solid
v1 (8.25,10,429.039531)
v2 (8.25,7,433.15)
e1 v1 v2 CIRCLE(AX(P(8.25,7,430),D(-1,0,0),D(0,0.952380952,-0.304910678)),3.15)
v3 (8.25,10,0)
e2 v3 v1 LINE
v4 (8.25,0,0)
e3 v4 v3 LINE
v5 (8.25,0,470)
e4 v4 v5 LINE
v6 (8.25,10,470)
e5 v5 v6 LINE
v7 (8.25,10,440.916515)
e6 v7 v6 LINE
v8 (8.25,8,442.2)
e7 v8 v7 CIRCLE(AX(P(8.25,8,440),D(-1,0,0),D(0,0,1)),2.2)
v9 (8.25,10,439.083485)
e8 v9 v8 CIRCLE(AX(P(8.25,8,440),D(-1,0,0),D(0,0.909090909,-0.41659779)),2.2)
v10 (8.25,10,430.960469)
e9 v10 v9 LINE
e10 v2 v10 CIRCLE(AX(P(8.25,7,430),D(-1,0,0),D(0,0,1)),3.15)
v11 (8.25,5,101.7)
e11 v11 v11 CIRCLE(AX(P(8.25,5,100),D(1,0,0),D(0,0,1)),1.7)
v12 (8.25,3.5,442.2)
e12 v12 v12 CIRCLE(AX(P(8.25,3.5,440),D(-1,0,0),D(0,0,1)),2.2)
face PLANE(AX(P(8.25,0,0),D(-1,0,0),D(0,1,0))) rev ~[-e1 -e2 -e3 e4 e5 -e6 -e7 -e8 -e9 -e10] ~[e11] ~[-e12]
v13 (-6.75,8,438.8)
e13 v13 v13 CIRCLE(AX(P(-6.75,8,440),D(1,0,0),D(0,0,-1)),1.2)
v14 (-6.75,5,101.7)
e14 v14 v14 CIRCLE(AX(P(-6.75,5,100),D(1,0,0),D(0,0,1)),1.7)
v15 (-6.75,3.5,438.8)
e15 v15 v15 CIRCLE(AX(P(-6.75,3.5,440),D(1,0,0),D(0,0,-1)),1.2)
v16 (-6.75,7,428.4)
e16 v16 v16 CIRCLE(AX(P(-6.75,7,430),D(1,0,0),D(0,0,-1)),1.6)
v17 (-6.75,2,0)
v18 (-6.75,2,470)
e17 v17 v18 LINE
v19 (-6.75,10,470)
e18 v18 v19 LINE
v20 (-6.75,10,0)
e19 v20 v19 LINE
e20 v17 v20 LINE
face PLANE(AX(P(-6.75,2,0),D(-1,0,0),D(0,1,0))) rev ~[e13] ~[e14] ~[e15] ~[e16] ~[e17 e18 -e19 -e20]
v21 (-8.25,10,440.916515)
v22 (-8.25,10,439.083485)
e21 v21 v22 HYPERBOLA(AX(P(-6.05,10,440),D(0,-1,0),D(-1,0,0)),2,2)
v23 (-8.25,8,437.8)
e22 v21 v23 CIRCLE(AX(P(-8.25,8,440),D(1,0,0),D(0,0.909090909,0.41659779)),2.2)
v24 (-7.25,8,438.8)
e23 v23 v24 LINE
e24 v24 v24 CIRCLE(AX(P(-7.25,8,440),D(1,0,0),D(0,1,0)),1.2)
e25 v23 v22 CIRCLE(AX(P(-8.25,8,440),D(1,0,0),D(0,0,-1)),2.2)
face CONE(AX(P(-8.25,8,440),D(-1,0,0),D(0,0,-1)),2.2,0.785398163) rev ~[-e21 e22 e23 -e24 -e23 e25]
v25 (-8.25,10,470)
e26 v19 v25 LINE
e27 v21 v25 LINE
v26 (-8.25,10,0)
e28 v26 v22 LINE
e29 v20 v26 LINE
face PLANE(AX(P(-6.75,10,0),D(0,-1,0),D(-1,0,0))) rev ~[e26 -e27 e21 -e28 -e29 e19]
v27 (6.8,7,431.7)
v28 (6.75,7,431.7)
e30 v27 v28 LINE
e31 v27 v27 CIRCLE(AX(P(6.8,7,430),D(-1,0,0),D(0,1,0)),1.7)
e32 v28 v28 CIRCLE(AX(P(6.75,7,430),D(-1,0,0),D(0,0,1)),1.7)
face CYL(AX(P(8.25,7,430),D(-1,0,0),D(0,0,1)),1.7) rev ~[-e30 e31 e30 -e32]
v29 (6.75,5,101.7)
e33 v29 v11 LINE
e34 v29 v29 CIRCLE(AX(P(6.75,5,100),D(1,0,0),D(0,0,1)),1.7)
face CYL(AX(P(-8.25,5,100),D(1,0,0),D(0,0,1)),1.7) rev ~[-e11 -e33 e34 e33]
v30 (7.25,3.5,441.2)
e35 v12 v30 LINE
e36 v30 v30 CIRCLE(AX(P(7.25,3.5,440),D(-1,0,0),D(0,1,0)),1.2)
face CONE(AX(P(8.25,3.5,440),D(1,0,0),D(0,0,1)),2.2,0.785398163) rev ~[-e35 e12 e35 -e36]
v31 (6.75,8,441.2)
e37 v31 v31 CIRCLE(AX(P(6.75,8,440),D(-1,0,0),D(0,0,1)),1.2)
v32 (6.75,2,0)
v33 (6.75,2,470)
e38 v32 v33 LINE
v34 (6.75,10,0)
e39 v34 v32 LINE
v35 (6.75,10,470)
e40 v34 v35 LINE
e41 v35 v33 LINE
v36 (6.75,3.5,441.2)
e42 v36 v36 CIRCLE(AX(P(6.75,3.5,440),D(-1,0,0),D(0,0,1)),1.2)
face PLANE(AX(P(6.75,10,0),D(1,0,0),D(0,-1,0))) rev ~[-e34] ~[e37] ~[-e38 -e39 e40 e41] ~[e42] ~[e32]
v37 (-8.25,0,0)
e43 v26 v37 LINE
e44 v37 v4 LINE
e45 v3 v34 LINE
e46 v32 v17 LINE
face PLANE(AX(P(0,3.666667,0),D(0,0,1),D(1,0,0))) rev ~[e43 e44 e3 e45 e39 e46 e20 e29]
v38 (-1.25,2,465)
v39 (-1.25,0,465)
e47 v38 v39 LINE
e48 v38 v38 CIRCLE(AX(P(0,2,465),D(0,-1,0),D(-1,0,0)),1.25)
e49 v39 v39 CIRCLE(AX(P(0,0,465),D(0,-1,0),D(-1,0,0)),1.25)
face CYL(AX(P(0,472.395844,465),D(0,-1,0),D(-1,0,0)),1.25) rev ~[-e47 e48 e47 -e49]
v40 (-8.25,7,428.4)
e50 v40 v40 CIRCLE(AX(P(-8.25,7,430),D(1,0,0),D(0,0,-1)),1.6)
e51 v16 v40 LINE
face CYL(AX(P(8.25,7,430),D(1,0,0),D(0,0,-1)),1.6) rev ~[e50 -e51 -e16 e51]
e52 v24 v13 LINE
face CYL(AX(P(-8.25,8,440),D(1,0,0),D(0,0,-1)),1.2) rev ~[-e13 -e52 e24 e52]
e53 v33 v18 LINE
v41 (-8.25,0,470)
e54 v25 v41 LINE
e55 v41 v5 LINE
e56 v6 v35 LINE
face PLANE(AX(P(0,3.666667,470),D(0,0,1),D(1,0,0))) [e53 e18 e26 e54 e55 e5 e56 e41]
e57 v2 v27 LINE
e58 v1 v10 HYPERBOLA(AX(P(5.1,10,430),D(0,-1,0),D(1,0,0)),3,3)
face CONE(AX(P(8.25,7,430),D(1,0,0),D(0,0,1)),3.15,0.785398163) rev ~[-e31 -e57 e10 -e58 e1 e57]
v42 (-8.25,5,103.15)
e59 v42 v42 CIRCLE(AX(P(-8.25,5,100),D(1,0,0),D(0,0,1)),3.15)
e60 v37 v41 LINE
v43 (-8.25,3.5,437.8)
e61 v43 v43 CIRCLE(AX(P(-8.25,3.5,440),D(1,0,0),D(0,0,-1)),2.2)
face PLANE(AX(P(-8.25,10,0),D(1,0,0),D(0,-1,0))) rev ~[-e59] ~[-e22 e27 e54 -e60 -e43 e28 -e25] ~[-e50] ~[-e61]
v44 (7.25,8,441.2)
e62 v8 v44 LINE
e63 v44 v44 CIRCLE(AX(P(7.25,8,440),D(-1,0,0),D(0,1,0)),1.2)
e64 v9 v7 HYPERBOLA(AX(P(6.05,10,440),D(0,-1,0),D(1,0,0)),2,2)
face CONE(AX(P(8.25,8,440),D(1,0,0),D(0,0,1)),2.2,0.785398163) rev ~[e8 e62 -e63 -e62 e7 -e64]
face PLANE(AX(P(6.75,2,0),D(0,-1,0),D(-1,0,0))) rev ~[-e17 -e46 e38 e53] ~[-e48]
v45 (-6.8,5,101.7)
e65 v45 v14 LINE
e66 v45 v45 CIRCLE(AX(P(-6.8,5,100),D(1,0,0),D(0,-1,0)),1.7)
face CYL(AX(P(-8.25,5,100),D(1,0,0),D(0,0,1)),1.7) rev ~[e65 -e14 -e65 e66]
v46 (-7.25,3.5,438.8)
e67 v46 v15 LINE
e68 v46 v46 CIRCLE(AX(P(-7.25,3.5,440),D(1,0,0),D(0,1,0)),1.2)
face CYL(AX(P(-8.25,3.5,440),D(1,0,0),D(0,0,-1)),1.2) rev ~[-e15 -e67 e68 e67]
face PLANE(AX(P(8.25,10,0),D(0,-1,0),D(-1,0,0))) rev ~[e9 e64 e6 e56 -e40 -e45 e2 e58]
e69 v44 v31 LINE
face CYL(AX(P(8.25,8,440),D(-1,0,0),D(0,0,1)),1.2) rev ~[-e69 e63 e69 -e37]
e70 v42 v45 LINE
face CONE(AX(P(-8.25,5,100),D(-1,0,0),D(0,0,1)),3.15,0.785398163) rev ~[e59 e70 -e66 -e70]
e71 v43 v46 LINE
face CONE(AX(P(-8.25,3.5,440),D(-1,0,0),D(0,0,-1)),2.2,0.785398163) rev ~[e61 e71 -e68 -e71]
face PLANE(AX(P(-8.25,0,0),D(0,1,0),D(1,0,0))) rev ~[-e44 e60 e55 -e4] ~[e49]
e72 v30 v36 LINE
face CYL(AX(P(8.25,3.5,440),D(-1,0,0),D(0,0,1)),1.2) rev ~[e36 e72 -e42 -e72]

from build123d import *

# Parameters (mm, degrees)
BOSS_EXTRU_1_DEPTH                                   = 470
ESQUISSE2_R                                          = 1.15
ESQUISSE2_R_2                                        = 1.6
ENL_V_MAT_EXTRU_1_DEPTH                              = 471.395843944
TROU_POUR_TARAUDAGE_POUR_TROU_TARAUD_M3_D            = 2.5
FORMSENKUNG_F_R_M2_SENKSCHRAUBE_MIT_SCHL_D           = 2.4
FORMSENKUNG_F_R_M2_SENKSCHRAUBE_MIT_SCHL_DEPTH       = 5
FORMSENKUNG_F_R_M2_SENKSCHRAUBE_MIT_SCHL_CSINK_D     = 4.4
FORMSENKUNG_F_R_M2_SENKSCHRAUBE_MIT_SCHL_CSINK_ANGLE = 90
FORMSENKUNG_F_R_M2_SENKSCHRAUBE_MIT_SCHL_TIP         = 0.721032743
FORMSENKUNG_F_R_M2_SENKSCHRAUBE_MIT_2_D              = 2.4
FORMSENKUNG_F_R_M2_SENKSCHRAUBE_MIT_2_DEPTH          = 5
FORMSENKUNG_F_R_M2_SENKSCHRAUBE_MIT_2_CSINK_D        = 4.4
FORMSENKUNG_F_R_M2_SENKSCHRAUBE_MIT_2_CSINK_ANGLE    = 90
FORMSENKUNG_F_R_M2_SENKSCHRAUBE_MIT_2_TIP            = 0.721032743
FORMSENKUNG_F_R_M3_SENKSCHRAUBE_MIT_SCHL_D           = 3.4
FORMSENKUNG_F_R_M3_SENKSCHRAUBE_MIT_SCHL_DEPTH       = 5
FORMSENKUNG_F_R_M3_SENKSCHRAUBE_MIT_SCHL_CSINK_D     = 6.3
FORMSENKUNG_F_R_M3_SENKSCHRAUBE_MIT_SCHL_CSINK_ANGLE = 90
FORMSENKUNG_F_R_M3_SENKSCHRAUBE_MIT_SCHL_TIP         = 1.021463052
FORMSENKUNG_F_R_M3_SENKSCHRAUBE_MIT_2_D              = 3.4
FORMSENKUNG_F_R_M3_SENKSCHRAUBE_MIT_2_CSINK_D        = 6.3
FORMSENKUNG_F_R_M3_SENKSCHRAUBE_MIT_2_CSINK_ANGLE    = 90


with BuildPart() as part:
    # Esquisse1 → Boss.-Extru.1 (new body)
    with BuildSketch(Plane.XY):
        Polygon((-8.25, 0), (8.25, 0), (8.25, 10), (6.75, 10), (6.75, 2), (-6.75, 2), (-6.75, 10), (-8.25, 10), align=None)
    extrude(amount=BOSS_EXTRU_1_DEPTH)

    # Esquisse2 → Enlèv. mat.-Extru.1 (cut, through all)
    with BuildSketch(Plane(origin=(8.25, 0, 0), x_dir=(0, 0, -1), z_dir=(1, 0, 0))):
        with Locations((-440, 8)):
            Circle(ESQUISSE2_R)
        with Locations((-440, 3.5)):
            Circle(ESQUISSE2_R)
        with Locations((-430, 7)):
            Circle(ESQUISSE2_R_2)
    extrude(amount=-ENL_V_MAT_EXTRU_1_DEPTH, mode=Mode.SUBTRACT)

    # Trou pour taraudage pour trou taraudé M31 (through all)
    with Locations(Plane(origin=(0, 2, 0), x_dir=(1, 0, 0), z_dir=(0, 1, 0))):
        with Locations((0, -465)):
            Hole(TROU_POUR_TARAUDAGE_POUR_TROU_TARAUD_M3_D / 2)

    # Formsenkung f_r M2 Senkschraube mit Schl
    with Locations(Plane(origin=(8.25, 0, 0), x_dir=(0, 0, -1), z_dir=(1, 0, 0))):
        with Locations((-440, 3.5), (-440, 8)):
            CounterSinkHole(FORMSENKUNG_F_R_M2_SENKSCHRAUBE_MIT_SCHL_D / 2, FORMSENKUNG_F_R_M2_SENKSCHRAUBE_MIT_SCHL_CSINK_D / 2, depth=FORMSENKUNG_F_R_M2_SENKSCHRAUBE_MIT_SCHL_DEPTH, counter_sink_angle=FORMSENKUNG_F_R_M2_SENKSCHRAUBE_MIT_SCHL_CSINK_ANGLE)
            with Locations((0, 0, -(FORMSENKUNG_F_R_M2_SENKSCHRAUBE_MIT_SCHL_DEPTH + FORMSENKUNG_F_R_M2_SENKSCHRAUBE_MIT_SCHL_TIP / 2))):  # 118° drill point
                Cone(0, FORMSENKUNG_F_R_M2_SENKSCHRAUBE_MIT_SCHL_D / 2, FORMSENKUNG_F_R_M2_SENKSCHRAUBE_MIT_SCHL_TIP, mode=Mode.SUBTRACT)

    # Formsenkung f_r M2 Senkschraube mit  2
    with Locations(Plane.ZY.offset(8.25)):
        with Locations((440, 8), (440, 3.5)):
            CounterSinkHole(FORMSENKUNG_F_R_M2_SENKSCHRAUBE_MIT_2_D / 2, FORMSENKUNG_F_R_M2_SENKSCHRAUBE_MIT_2_CSINK_D / 2, depth=FORMSENKUNG_F_R_M2_SENKSCHRAUBE_MIT_2_DEPTH, counter_sink_angle=FORMSENKUNG_F_R_M2_SENKSCHRAUBE_MIT_2_CSINK_ANGLE)
            with Locations((0, 0, -(FORMSENKUNG_F_R_M2_SENKSCHRAUBE_MIT_2_DEPTH + FORMSENKUNG_F_R_M2_SENKSCHRAUBE_MIT_2_TIP / 2))):  # 118° drill point
                Cone(0, FORMSENKUNG_F_R_M2_SENKSCHRAUBE_MIT_2_D / 2, FORMSENKUNG_F_R_M2_SENKSCHRAUBE_MIT_2_TIP, mode=Mode.SUBTRACT)

    # Formsenkung f_r M3 Senkschraube mit Schl
    with Locations(Plane(origin=(8.25, 0, 0), x_dir=(0, 0, -1), z_dir=(1, 0, 0))):
        with Locations((-430, 7)):
            CounterSinkHole(FORMSENKUNG_F_R_M3_SENKSCHRAUBE_MIT_SCHL_D / 2, FORMSENKUNG_F_R_M3_SENKSCHRAUBE_MIT_SCHL_CSINK_D / 2, depth=FORMSENKUNG_F_R_M3_SENKSCHRAUBE_MIT_SCHL_DEPTH, counter_sink_angle=FORMSENKUNG_F_R_M3_SENKSCHRAUBE_MIT_SCHL_CSINK_ANGLE)
            with Locations((0, 0, -(FORMSENKUNG_F_R_M3_SENKSCHRAUBE_MIT_SCHL_DEPTH + FORMSENKUNG_F_R_M3_SENKSCHRAUBE_MIT_SCHL_TIP / 2))):  # 118° drill point
                Cone(0, FORMSENKUNG_F_R_M3_SENKSCHRAUBE_MIT_SCHL_D / 2, FORMSENKUNG_F_R_M3_SENKSCHRAUBE_MIT_SCHL_TIP, mode=Mode.SUBTRACT)

    # Formsenkung f_r M3 Senkschraube mit  2 (through all)
    with Locations(Plane(origin=(-8.25, -1.5, 0), x_dir=(0, 0, -1), z_dir=(-1, 0, 0))):
        with Locations((-100, -6.5)):
            CounterSinkHole(FORMSENKUNG_F_R_M3_SENKSCHRAUBE_MIT_2_D / 2, FORMSENKUNG_F_R_M3_SENKSCHRAUBE_MIT_2_CSINK_D / 2, counter_sink_angle=FORMSENKUNG_F_R_M3_SENKSCHRAUBE_MIT_2_CSINK_ANGLE)


solid = part.part
